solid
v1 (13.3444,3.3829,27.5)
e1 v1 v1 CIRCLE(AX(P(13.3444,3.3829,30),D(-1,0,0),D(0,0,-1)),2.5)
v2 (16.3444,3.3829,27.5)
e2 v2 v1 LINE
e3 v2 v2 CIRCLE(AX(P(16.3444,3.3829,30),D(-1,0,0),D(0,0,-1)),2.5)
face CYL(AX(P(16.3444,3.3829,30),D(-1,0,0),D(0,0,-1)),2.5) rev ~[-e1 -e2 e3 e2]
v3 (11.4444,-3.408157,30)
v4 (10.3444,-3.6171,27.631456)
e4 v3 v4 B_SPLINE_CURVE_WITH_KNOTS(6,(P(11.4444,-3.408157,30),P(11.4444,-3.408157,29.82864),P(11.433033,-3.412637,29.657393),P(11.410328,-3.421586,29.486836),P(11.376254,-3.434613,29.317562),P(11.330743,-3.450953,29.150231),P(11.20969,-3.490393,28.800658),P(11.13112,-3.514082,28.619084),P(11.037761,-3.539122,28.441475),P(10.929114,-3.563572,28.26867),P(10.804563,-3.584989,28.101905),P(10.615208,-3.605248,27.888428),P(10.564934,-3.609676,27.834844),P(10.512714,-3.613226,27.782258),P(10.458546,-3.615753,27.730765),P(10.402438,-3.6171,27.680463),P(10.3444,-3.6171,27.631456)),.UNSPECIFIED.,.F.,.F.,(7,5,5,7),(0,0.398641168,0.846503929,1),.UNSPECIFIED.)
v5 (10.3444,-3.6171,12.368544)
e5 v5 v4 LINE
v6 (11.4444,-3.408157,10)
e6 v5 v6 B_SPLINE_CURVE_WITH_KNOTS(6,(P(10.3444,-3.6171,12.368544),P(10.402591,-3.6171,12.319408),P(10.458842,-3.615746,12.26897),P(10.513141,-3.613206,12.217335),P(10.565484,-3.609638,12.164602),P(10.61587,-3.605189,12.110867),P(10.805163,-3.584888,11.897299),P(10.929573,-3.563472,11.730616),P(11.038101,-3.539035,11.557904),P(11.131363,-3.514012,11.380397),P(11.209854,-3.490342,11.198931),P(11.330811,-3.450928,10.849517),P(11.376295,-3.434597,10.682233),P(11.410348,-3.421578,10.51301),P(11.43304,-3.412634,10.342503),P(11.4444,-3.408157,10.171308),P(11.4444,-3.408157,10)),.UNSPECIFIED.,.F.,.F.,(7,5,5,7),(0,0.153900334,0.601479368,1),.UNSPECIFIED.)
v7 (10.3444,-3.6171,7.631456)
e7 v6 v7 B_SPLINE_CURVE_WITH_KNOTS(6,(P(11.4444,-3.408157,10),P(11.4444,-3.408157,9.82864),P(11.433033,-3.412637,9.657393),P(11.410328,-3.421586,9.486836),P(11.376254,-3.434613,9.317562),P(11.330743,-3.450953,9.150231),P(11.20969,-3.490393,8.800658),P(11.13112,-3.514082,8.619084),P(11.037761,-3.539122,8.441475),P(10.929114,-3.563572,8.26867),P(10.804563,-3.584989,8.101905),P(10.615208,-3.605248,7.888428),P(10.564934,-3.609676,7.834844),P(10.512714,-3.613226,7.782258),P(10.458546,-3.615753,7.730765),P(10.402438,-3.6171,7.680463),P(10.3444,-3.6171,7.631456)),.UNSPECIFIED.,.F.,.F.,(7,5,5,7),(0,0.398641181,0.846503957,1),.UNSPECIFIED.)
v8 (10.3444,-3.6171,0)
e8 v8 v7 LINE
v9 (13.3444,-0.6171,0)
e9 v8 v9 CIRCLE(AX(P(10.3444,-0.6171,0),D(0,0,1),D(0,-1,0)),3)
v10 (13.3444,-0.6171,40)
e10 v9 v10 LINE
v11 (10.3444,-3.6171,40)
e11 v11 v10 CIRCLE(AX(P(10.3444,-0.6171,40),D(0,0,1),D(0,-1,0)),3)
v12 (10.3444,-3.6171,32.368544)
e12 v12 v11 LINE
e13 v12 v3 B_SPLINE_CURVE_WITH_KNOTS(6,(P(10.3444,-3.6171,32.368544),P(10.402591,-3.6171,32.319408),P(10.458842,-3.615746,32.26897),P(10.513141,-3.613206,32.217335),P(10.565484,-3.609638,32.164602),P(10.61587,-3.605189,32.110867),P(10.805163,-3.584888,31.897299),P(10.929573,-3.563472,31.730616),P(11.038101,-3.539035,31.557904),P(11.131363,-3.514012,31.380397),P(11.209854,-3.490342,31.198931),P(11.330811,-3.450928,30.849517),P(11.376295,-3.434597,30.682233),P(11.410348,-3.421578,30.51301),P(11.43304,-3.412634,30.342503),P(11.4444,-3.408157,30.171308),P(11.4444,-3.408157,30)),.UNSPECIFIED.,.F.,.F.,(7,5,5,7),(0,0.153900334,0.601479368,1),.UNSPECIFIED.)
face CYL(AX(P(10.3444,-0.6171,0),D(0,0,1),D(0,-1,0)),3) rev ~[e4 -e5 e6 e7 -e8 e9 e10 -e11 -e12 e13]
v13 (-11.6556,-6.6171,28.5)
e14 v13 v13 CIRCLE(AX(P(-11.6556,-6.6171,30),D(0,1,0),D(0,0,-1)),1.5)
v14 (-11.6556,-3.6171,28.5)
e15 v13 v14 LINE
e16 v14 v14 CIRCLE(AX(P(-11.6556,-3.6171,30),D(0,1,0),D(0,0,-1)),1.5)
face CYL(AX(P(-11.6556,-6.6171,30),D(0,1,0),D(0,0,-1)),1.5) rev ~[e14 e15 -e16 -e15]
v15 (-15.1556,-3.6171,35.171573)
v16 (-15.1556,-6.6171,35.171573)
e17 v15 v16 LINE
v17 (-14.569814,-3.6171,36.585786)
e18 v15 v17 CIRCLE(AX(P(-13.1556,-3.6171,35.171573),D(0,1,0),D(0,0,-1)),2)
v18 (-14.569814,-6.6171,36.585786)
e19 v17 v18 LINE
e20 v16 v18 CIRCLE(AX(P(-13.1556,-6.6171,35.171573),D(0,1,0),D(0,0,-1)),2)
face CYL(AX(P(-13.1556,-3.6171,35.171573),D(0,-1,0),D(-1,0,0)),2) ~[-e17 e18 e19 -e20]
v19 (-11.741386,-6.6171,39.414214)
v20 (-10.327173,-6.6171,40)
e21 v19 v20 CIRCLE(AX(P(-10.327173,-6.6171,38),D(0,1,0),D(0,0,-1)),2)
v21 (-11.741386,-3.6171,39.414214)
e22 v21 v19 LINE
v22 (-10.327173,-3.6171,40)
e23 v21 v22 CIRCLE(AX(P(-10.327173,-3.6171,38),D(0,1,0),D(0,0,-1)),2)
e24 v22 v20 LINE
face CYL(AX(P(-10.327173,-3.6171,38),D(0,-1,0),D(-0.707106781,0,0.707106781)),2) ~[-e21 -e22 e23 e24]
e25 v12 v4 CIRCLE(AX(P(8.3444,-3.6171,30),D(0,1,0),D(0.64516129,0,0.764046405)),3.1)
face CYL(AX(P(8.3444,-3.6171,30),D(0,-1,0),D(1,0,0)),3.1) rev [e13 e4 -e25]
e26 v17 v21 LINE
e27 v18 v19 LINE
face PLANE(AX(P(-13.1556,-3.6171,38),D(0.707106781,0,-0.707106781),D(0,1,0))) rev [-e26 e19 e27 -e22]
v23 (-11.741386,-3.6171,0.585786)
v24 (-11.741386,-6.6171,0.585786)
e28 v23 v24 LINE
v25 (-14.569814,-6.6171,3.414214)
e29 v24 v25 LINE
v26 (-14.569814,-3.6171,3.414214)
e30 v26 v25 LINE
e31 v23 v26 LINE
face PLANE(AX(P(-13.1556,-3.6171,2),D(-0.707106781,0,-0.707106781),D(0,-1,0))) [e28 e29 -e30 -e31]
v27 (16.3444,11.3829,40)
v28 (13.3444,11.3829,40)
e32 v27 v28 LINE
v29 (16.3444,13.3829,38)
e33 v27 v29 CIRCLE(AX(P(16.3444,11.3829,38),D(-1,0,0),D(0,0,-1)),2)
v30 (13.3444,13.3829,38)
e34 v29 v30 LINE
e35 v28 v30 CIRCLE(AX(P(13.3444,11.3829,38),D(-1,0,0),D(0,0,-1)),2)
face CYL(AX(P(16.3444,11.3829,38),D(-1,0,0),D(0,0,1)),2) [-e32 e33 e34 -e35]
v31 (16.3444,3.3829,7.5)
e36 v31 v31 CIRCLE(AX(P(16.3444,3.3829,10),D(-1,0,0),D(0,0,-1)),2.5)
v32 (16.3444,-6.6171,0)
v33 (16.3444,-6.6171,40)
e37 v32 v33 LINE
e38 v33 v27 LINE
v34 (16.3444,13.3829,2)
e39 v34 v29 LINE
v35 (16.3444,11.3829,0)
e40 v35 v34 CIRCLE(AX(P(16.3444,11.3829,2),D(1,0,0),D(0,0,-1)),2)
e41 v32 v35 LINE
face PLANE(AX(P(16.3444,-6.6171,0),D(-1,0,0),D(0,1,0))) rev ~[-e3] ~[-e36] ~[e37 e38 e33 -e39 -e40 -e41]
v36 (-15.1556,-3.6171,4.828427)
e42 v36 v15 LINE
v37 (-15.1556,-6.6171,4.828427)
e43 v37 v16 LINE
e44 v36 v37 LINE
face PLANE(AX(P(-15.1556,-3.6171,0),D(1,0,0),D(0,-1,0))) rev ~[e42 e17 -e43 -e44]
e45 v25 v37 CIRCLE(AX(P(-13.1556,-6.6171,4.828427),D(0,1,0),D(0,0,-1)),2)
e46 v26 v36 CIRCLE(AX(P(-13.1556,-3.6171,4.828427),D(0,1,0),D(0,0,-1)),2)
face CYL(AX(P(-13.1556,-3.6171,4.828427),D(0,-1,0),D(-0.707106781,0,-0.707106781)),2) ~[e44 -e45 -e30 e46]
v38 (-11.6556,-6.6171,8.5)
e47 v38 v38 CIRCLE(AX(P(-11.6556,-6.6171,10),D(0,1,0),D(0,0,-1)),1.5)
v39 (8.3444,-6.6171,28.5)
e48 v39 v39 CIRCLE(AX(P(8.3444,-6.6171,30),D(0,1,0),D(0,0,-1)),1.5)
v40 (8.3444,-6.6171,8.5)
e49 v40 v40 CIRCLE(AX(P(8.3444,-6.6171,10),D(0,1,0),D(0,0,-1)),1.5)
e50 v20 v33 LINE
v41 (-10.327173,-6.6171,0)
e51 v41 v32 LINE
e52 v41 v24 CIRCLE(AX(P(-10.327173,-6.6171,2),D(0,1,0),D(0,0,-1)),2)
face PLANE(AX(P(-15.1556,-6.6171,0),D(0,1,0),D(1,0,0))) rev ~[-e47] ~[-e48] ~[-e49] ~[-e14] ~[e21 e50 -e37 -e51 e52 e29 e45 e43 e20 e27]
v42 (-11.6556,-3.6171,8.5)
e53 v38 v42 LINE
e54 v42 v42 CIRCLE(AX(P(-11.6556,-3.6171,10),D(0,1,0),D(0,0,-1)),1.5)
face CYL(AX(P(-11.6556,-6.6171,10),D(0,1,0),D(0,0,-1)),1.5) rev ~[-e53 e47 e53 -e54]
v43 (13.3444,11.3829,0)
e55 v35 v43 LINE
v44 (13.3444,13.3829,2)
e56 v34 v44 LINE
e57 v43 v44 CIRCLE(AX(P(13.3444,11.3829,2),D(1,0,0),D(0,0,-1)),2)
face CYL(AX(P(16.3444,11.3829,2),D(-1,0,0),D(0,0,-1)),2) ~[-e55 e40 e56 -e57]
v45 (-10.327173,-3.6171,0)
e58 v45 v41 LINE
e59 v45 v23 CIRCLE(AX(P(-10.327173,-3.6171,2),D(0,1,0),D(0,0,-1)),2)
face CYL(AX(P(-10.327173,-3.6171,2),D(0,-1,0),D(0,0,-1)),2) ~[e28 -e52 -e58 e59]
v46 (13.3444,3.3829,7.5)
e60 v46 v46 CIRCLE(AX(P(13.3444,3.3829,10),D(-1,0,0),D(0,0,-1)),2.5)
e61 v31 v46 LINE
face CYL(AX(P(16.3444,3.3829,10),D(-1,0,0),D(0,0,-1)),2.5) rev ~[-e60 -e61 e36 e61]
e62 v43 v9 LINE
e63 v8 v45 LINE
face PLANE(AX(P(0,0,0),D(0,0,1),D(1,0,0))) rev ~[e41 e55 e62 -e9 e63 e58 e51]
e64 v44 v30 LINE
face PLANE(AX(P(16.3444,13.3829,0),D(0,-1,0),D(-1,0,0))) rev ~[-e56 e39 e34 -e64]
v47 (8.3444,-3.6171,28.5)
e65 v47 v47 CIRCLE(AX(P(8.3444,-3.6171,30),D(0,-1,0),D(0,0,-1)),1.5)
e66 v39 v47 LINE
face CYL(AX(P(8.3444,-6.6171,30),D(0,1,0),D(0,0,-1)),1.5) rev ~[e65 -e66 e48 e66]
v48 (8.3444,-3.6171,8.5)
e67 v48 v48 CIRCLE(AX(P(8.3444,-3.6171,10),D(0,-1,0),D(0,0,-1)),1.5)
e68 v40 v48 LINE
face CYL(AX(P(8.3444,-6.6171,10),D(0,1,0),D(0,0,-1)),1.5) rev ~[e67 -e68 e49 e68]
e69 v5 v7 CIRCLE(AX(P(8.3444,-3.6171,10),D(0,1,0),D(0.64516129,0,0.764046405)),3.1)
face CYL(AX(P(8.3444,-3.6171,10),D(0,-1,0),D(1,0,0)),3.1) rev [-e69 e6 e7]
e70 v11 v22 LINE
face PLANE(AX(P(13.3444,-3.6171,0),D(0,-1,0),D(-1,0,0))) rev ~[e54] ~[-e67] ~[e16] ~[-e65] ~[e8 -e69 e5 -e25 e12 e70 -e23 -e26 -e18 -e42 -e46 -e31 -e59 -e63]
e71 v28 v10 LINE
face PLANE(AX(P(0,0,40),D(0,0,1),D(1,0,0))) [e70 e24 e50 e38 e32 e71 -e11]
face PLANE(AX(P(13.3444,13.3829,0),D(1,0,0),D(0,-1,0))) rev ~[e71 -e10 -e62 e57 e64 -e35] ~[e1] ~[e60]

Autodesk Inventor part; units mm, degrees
ref_plane "YZ Plane" through (0, 0, 0) normal (1, 0, 0) x (0, 1, 0)
ref_plane "XZ Plane" through (0, 0, 0) normal (0, 1, 0) x (-1, 0, 0)
ref_plane "XY Plane" through (0, 0, 0) normal (0, 0, 1) x (1, 0, 0)
sketch "Szkic1" plane through (0, 0, 0) normal (0, 0, 1) x (1, 0, 0)
  line L0 (-15.1556, -3.6171) -> (-15.1556, -6.6171)
  line L1 (-15.1556, -6.6171) -> (16.3444, -6.6171)
  line L2 (16.3444, -6.6171) -> (16.3444, 13.3829)
  line L3 (16.3444, 13.3829) -> (13.3444, 13.3829)
  line L4 (13.3444, 13.3829) -> (13.3444, -3.6171)
  line L5 (13.3444, -3.6171) -> (-15.1556, -3.6171)
  point P0 (0, 0)
  dimension "d0" = 3
  dimension "d1" = 31.5
  dimension "d2" = 20
  dimension "d3" = 3
extrude "Wyciągnięcie proste1" add sketch "Szkic1" along normal blind 40
fillet "Zaokrąglenie1" radius 3 1 edges at (13.3444, -3.6171, 20)
fillet "Zaokrąglenie3" radius 2 2 edges at (14.8444, 13.3829, 40) (14.8444, 13.3829, 0)
sketch "Szkic4" plane through (-15.1556, -6.6171, 0) normal (0, -1, 0) x (1, 0, 0)
  line L0 (0, 0) -> (31.5, 0) projected
  line L1 (31.5, 0) -> (31.5, 40) projected
  line L2 (0, 40) -> (31.5, 40) projected
  line L3 (0, 0) -> (0, 40) projected
  line L4 (31.5, 36.2) -> (-0.3213, 36.2)
  line L5 (31.5, 2) -> (31.5, 38) projected
  line L6 (31.5, 3.8) -> (0, 3.8)
  line L7 (0, 0) -> (0, 40) projected
  line L8 (27, 36.2) -> (27, 3.8)
  point P0 (15.1556, 0)
  point P1 (23.5, 30)
  point P2 (3.5, 30)
  point P3 (23.5, 10)
  point P4 (3.5, 10)
  dimension "d47" = 32.4
  dimension "d48" = 3.8
  dimension "d50" = 3.5
  dimension "d51" = 3.5
  dimension "d53" = 6.2
  dimension "d54" = 6.2
  dimension "d55" = 6.2
  dimension "d56" = 6.2
  dimension "d68" = 4.5
  dimension "d69" = 3.5
  dimension "d70" = 3.5
  dimension "d78" = 27
sketch "Szkic5" plane through (16.3444, -6.6171, 40) normal (1, 0, 0) x (0, 0, -1)
  arc A0 (40, 18) -> (38, 20) centre (38, 18) ccw projected
  line L0 (38, 20) -> (2, 20) projected
  arc A1 (2, 20) -> (0, 18) centre (2, 18) ccw projected
  line L1 (0, 0) -> (0, 18) projected
  line L2 (40, 0) -> (0, 0) projected
  line L3 (40, 0) -> (40, 18) projected
  point P0 (40, 6.6171)
  point P1 (10, 10)
  point P2 (30, 10)
  dimension "d57" = 10
  dimension "d58" = 10
  dimension "d59" = 10
  dimension "d60" = 10
hole "Otwór3" at (16.3444, 3.3829, 30) at (16.3444, 3.3829, 10) direction (-1, 0, 0) diameter 5 end through all
hole "Otwór4" at (8.3444, -6.6171, 30) at (-11.6556, -6.6171, 30) at (8.3444, -6.6171, 10) at (-11.6556, -6.6171, 10) direction (0, 1, 0) diameter 3 end through all
sketch "Szkic6" plane through (-15.1556, -3.6171, 40) normal (0, 1, 0) x (1, 0, 0)
  circle A0 centre (23.5, 10) radius 1.5 projected
  circle A1 centre (23.5, 30) radius 1.5 projected
  circle A2 centre (23.5, 10) radius 1.5 projected
  circle A3 centre (23.5, 10) radius 3.1
  circle A4 centre (23.5, 30) radius 3.1
  point P0 (15.1556, 40)
  dimension "d79" = 6.2
  dimension "d80" = 6.2
extrude "Wyciągnięcie proste3" cut sketch "Szkic6" along normal blind 10
chamfer "Faza3" distance 4 angle 45 2 edges at (-15.1556, -5.1171, 40) (-15.1556, -5.1171, 0)
fillet "Zaokrąglenie4" radius 2 4 edges at (-15.1556, -5.1171, 36) (-11.1556, -5.1171, 40) (-15.1556, -5.1171, 4) (-11.1556, -5.1171, 0)
equation "\"d50\" = d69"
equation "\"d51\" = d69"
equation "\"d54\" = d53"
equation "\"d55\" = d53"
equation "\"d56\" = d53"
equation "\"d70\" = d69"
equation "\"d58\" = d57"
equation "\"d59\" = d57"
equation "\"d60\" = d59"
properties part number "CNCM_ALU_X_Y_AXis_Mounting_Bracket"
